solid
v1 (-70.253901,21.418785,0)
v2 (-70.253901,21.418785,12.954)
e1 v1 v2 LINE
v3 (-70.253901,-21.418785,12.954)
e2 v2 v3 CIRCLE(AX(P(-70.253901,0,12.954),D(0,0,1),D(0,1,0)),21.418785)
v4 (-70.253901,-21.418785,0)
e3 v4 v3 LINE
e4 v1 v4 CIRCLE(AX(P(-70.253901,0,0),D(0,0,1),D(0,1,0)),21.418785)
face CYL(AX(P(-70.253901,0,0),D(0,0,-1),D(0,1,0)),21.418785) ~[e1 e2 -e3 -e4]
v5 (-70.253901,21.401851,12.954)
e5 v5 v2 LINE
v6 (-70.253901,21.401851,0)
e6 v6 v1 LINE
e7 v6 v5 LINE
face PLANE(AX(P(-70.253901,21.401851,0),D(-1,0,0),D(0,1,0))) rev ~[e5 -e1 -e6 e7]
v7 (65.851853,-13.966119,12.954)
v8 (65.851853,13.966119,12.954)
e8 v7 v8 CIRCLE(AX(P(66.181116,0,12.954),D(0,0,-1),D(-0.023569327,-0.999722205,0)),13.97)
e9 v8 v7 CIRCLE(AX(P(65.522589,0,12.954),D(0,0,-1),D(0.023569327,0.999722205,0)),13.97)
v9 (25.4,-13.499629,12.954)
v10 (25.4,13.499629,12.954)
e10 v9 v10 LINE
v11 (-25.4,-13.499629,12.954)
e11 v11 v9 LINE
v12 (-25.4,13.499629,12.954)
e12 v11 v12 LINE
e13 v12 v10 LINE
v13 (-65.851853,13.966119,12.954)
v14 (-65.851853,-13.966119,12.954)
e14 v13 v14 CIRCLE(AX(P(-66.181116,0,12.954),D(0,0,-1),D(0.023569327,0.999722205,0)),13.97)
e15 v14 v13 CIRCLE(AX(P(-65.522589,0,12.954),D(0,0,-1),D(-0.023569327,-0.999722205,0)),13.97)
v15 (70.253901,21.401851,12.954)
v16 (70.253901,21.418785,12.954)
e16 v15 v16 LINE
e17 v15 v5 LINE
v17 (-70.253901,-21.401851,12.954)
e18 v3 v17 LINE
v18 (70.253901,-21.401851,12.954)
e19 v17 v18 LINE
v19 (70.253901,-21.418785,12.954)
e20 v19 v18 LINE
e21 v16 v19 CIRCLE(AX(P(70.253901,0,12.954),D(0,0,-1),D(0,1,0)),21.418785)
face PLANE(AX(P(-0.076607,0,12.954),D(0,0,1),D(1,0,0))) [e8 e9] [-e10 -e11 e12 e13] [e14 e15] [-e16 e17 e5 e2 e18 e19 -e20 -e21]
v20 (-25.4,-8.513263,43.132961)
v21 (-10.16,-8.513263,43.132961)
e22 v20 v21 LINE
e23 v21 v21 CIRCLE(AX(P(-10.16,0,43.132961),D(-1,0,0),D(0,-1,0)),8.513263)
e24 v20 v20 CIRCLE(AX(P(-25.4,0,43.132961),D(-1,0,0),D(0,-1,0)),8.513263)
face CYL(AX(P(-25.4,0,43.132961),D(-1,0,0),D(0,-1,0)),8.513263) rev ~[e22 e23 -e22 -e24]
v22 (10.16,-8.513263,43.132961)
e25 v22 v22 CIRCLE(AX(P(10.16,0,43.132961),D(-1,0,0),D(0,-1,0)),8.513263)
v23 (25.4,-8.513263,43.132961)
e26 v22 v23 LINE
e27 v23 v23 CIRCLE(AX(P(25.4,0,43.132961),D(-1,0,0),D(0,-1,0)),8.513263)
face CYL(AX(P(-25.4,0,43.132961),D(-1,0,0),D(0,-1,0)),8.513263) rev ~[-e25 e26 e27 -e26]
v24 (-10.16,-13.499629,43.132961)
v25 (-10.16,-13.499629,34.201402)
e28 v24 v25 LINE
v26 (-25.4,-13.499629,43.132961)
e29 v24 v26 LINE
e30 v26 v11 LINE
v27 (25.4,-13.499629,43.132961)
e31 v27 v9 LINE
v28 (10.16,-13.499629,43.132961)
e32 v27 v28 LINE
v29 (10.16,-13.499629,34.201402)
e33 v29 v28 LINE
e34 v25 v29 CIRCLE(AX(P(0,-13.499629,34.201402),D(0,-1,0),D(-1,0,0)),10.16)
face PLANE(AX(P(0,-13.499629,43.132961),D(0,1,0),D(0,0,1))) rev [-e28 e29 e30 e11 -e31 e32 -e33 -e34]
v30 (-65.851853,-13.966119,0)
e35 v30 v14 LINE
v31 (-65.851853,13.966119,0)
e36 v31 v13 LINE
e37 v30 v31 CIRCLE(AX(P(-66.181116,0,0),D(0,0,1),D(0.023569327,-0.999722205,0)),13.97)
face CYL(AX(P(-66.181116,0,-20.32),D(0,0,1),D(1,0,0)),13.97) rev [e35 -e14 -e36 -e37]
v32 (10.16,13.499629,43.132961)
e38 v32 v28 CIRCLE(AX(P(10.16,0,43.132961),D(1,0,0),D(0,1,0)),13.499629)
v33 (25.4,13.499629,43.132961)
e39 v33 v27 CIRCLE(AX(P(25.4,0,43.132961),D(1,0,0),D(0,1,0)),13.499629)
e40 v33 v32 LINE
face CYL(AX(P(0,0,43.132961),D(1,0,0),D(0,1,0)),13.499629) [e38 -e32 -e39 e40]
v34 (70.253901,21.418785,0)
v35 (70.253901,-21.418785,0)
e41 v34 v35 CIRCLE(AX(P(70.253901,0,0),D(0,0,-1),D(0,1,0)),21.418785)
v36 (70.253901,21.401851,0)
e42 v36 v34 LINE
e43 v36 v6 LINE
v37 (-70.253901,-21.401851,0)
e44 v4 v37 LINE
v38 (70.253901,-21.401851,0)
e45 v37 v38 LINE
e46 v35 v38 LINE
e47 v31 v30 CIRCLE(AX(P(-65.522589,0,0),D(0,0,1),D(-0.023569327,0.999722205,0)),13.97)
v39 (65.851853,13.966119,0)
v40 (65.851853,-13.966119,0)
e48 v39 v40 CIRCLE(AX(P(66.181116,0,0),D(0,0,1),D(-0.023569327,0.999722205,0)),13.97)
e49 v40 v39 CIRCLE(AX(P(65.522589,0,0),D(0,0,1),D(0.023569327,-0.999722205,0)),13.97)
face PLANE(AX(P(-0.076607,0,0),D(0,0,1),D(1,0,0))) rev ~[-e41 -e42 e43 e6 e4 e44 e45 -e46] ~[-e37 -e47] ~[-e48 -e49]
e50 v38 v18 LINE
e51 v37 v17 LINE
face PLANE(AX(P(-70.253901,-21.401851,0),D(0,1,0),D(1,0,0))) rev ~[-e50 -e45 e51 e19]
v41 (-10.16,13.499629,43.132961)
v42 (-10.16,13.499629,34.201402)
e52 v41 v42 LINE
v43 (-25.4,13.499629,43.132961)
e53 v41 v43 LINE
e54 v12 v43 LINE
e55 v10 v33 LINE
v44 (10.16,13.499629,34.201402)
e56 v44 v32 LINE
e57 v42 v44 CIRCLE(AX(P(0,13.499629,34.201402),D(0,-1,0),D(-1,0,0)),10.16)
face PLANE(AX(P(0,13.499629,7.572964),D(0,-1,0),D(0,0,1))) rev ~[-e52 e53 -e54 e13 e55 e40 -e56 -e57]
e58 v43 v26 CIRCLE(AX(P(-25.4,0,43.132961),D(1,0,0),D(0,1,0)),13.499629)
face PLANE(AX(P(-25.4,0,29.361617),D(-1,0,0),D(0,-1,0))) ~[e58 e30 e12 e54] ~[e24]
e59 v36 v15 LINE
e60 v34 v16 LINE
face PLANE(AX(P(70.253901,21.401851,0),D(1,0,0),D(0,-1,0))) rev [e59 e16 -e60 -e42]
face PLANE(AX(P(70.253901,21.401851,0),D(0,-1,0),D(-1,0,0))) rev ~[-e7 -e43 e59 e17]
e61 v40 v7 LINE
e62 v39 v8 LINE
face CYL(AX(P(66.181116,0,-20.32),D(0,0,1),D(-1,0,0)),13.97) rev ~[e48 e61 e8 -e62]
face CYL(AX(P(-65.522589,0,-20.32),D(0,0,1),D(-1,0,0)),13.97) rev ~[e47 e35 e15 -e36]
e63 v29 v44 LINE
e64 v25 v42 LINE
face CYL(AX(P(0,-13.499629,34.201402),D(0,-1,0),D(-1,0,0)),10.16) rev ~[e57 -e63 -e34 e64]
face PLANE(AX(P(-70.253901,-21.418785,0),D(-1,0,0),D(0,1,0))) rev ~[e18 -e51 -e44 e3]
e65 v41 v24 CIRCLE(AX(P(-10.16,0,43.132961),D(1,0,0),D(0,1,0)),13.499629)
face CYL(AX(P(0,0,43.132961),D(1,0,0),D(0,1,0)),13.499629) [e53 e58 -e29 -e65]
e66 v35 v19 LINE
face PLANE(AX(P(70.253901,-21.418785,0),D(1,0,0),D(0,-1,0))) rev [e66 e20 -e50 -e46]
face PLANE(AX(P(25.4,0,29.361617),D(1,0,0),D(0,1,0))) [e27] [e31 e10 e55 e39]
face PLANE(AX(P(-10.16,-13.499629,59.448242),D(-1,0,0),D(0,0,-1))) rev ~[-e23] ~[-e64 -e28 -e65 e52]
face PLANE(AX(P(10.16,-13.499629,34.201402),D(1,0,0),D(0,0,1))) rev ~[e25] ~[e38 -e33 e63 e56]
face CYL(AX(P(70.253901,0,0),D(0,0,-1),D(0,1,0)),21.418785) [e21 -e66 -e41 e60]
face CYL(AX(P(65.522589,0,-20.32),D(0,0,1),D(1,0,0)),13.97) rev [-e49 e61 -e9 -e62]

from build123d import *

# Parameters (mm, degrees)
F1_DEPTH  = 12.954
F3_D      = 27.94
F3_DEPTH  = 20.32
F5_DEPTH  = 25.4
F8_DEPTH  = 34.919414
F9_R      = 8.513263
F10_DEPTH = 117.073686


with BuildPart() as f1:
    # F0 (on Top) → F1 (new body)
    with BuildSketch(Plane.XY):
        with BuildLine():
            Line((70.253901, 21.234231), (70.253901, 21.401851))
            Line((70.253901, 21.401851), (-70.253901, 21.401851))
            Line((-70.253901, 21.401851), (-70.253901, 21.418785))
            ThreePointArc((-70.253901, 21.418785), (-91.672686, 0), (-70.253901, -21.418785))
            Line((-70.253901, -21.418785), (-70.253901, -21.401851))
            Line((-70.253901, -21.401851), (70.253901, -21.401851))
            Line((70.253901, -21.401851), (70.253901, -21.234231))
            ThreePointArc((70.253901, -21.234231), (91.488132, 0), (70.253901, 21.234231))
        make_face()
    extrude(amount=F1_DEPTH)

    # F3
    with Locations(Plane(origin=(0, 0, 0), x_dir=(1, 0, 0), z_dir=(0, 0, -1))):
        with Locations((-65.522589, 0), (66.181116, 0)):
            Hole(F3_D / 2, depth=F3_DEPTH)

    # F4 (on Right) → F5 (join)
    with BuildSketch(Plane.YZ):
        with BuildLine():
            Line((-13.499629, 7.572964), (13.499629, 7.572964))
            Line((13.499629, 7.572964), (13.499629, 43.132961))
            ThreePointArc((13.499629, 43.132961), (0, 56.63259), (-13.499629, 43.132961))
            Line((-13.499629, 43.132961), (-13.499629, 7.572964))
        make_face()
    extrude(amount=F5_DEPTH)

    # F6: F1 across face


with BuildPart() as f1_1:
    add(f1.part)
    add(f1.part.mirror(Plane(origin=(0, 0, 33.456079), x_dir=(0, 1, 0), z_dir=(-1, 0, 0))))

    # F7 (on face) → F8 (cut, through all)
    with BuildSketch(Plane.XZ.offset(13.499629)):
        Polygon((-10.16, 59.448242), (-10.16, 43.132961), (-10.16, 34.201402), (10.16, 34.201402), (10.16, 43.132961), (10.16, 59.448242), align=None)
        with BuildLine():
            Line((10.16, 34.201402), (-10.16, 34.201402))
            ThreePointArc((-10.16, 34.201402), (0, 24.041402), (10.16, 34.201402))
        make_face()
    extrude(amount=-F8_DEPTH, mode=Mode.SUBTRACT)

    # F9 (on face) → F10 (cut, through all)
    with BuildSketch(Plane(origin=(-25.4, 0, 0), x_dir=(0, -1, 0), z_dir=(-1, 0, 0))):
        with Locations((0, 43.132961)):
            Circle(F9_R)
    extrude(amount=-F10_DEPTH, mode=Mode.SUBTRACT)


solid = f1_1.part
